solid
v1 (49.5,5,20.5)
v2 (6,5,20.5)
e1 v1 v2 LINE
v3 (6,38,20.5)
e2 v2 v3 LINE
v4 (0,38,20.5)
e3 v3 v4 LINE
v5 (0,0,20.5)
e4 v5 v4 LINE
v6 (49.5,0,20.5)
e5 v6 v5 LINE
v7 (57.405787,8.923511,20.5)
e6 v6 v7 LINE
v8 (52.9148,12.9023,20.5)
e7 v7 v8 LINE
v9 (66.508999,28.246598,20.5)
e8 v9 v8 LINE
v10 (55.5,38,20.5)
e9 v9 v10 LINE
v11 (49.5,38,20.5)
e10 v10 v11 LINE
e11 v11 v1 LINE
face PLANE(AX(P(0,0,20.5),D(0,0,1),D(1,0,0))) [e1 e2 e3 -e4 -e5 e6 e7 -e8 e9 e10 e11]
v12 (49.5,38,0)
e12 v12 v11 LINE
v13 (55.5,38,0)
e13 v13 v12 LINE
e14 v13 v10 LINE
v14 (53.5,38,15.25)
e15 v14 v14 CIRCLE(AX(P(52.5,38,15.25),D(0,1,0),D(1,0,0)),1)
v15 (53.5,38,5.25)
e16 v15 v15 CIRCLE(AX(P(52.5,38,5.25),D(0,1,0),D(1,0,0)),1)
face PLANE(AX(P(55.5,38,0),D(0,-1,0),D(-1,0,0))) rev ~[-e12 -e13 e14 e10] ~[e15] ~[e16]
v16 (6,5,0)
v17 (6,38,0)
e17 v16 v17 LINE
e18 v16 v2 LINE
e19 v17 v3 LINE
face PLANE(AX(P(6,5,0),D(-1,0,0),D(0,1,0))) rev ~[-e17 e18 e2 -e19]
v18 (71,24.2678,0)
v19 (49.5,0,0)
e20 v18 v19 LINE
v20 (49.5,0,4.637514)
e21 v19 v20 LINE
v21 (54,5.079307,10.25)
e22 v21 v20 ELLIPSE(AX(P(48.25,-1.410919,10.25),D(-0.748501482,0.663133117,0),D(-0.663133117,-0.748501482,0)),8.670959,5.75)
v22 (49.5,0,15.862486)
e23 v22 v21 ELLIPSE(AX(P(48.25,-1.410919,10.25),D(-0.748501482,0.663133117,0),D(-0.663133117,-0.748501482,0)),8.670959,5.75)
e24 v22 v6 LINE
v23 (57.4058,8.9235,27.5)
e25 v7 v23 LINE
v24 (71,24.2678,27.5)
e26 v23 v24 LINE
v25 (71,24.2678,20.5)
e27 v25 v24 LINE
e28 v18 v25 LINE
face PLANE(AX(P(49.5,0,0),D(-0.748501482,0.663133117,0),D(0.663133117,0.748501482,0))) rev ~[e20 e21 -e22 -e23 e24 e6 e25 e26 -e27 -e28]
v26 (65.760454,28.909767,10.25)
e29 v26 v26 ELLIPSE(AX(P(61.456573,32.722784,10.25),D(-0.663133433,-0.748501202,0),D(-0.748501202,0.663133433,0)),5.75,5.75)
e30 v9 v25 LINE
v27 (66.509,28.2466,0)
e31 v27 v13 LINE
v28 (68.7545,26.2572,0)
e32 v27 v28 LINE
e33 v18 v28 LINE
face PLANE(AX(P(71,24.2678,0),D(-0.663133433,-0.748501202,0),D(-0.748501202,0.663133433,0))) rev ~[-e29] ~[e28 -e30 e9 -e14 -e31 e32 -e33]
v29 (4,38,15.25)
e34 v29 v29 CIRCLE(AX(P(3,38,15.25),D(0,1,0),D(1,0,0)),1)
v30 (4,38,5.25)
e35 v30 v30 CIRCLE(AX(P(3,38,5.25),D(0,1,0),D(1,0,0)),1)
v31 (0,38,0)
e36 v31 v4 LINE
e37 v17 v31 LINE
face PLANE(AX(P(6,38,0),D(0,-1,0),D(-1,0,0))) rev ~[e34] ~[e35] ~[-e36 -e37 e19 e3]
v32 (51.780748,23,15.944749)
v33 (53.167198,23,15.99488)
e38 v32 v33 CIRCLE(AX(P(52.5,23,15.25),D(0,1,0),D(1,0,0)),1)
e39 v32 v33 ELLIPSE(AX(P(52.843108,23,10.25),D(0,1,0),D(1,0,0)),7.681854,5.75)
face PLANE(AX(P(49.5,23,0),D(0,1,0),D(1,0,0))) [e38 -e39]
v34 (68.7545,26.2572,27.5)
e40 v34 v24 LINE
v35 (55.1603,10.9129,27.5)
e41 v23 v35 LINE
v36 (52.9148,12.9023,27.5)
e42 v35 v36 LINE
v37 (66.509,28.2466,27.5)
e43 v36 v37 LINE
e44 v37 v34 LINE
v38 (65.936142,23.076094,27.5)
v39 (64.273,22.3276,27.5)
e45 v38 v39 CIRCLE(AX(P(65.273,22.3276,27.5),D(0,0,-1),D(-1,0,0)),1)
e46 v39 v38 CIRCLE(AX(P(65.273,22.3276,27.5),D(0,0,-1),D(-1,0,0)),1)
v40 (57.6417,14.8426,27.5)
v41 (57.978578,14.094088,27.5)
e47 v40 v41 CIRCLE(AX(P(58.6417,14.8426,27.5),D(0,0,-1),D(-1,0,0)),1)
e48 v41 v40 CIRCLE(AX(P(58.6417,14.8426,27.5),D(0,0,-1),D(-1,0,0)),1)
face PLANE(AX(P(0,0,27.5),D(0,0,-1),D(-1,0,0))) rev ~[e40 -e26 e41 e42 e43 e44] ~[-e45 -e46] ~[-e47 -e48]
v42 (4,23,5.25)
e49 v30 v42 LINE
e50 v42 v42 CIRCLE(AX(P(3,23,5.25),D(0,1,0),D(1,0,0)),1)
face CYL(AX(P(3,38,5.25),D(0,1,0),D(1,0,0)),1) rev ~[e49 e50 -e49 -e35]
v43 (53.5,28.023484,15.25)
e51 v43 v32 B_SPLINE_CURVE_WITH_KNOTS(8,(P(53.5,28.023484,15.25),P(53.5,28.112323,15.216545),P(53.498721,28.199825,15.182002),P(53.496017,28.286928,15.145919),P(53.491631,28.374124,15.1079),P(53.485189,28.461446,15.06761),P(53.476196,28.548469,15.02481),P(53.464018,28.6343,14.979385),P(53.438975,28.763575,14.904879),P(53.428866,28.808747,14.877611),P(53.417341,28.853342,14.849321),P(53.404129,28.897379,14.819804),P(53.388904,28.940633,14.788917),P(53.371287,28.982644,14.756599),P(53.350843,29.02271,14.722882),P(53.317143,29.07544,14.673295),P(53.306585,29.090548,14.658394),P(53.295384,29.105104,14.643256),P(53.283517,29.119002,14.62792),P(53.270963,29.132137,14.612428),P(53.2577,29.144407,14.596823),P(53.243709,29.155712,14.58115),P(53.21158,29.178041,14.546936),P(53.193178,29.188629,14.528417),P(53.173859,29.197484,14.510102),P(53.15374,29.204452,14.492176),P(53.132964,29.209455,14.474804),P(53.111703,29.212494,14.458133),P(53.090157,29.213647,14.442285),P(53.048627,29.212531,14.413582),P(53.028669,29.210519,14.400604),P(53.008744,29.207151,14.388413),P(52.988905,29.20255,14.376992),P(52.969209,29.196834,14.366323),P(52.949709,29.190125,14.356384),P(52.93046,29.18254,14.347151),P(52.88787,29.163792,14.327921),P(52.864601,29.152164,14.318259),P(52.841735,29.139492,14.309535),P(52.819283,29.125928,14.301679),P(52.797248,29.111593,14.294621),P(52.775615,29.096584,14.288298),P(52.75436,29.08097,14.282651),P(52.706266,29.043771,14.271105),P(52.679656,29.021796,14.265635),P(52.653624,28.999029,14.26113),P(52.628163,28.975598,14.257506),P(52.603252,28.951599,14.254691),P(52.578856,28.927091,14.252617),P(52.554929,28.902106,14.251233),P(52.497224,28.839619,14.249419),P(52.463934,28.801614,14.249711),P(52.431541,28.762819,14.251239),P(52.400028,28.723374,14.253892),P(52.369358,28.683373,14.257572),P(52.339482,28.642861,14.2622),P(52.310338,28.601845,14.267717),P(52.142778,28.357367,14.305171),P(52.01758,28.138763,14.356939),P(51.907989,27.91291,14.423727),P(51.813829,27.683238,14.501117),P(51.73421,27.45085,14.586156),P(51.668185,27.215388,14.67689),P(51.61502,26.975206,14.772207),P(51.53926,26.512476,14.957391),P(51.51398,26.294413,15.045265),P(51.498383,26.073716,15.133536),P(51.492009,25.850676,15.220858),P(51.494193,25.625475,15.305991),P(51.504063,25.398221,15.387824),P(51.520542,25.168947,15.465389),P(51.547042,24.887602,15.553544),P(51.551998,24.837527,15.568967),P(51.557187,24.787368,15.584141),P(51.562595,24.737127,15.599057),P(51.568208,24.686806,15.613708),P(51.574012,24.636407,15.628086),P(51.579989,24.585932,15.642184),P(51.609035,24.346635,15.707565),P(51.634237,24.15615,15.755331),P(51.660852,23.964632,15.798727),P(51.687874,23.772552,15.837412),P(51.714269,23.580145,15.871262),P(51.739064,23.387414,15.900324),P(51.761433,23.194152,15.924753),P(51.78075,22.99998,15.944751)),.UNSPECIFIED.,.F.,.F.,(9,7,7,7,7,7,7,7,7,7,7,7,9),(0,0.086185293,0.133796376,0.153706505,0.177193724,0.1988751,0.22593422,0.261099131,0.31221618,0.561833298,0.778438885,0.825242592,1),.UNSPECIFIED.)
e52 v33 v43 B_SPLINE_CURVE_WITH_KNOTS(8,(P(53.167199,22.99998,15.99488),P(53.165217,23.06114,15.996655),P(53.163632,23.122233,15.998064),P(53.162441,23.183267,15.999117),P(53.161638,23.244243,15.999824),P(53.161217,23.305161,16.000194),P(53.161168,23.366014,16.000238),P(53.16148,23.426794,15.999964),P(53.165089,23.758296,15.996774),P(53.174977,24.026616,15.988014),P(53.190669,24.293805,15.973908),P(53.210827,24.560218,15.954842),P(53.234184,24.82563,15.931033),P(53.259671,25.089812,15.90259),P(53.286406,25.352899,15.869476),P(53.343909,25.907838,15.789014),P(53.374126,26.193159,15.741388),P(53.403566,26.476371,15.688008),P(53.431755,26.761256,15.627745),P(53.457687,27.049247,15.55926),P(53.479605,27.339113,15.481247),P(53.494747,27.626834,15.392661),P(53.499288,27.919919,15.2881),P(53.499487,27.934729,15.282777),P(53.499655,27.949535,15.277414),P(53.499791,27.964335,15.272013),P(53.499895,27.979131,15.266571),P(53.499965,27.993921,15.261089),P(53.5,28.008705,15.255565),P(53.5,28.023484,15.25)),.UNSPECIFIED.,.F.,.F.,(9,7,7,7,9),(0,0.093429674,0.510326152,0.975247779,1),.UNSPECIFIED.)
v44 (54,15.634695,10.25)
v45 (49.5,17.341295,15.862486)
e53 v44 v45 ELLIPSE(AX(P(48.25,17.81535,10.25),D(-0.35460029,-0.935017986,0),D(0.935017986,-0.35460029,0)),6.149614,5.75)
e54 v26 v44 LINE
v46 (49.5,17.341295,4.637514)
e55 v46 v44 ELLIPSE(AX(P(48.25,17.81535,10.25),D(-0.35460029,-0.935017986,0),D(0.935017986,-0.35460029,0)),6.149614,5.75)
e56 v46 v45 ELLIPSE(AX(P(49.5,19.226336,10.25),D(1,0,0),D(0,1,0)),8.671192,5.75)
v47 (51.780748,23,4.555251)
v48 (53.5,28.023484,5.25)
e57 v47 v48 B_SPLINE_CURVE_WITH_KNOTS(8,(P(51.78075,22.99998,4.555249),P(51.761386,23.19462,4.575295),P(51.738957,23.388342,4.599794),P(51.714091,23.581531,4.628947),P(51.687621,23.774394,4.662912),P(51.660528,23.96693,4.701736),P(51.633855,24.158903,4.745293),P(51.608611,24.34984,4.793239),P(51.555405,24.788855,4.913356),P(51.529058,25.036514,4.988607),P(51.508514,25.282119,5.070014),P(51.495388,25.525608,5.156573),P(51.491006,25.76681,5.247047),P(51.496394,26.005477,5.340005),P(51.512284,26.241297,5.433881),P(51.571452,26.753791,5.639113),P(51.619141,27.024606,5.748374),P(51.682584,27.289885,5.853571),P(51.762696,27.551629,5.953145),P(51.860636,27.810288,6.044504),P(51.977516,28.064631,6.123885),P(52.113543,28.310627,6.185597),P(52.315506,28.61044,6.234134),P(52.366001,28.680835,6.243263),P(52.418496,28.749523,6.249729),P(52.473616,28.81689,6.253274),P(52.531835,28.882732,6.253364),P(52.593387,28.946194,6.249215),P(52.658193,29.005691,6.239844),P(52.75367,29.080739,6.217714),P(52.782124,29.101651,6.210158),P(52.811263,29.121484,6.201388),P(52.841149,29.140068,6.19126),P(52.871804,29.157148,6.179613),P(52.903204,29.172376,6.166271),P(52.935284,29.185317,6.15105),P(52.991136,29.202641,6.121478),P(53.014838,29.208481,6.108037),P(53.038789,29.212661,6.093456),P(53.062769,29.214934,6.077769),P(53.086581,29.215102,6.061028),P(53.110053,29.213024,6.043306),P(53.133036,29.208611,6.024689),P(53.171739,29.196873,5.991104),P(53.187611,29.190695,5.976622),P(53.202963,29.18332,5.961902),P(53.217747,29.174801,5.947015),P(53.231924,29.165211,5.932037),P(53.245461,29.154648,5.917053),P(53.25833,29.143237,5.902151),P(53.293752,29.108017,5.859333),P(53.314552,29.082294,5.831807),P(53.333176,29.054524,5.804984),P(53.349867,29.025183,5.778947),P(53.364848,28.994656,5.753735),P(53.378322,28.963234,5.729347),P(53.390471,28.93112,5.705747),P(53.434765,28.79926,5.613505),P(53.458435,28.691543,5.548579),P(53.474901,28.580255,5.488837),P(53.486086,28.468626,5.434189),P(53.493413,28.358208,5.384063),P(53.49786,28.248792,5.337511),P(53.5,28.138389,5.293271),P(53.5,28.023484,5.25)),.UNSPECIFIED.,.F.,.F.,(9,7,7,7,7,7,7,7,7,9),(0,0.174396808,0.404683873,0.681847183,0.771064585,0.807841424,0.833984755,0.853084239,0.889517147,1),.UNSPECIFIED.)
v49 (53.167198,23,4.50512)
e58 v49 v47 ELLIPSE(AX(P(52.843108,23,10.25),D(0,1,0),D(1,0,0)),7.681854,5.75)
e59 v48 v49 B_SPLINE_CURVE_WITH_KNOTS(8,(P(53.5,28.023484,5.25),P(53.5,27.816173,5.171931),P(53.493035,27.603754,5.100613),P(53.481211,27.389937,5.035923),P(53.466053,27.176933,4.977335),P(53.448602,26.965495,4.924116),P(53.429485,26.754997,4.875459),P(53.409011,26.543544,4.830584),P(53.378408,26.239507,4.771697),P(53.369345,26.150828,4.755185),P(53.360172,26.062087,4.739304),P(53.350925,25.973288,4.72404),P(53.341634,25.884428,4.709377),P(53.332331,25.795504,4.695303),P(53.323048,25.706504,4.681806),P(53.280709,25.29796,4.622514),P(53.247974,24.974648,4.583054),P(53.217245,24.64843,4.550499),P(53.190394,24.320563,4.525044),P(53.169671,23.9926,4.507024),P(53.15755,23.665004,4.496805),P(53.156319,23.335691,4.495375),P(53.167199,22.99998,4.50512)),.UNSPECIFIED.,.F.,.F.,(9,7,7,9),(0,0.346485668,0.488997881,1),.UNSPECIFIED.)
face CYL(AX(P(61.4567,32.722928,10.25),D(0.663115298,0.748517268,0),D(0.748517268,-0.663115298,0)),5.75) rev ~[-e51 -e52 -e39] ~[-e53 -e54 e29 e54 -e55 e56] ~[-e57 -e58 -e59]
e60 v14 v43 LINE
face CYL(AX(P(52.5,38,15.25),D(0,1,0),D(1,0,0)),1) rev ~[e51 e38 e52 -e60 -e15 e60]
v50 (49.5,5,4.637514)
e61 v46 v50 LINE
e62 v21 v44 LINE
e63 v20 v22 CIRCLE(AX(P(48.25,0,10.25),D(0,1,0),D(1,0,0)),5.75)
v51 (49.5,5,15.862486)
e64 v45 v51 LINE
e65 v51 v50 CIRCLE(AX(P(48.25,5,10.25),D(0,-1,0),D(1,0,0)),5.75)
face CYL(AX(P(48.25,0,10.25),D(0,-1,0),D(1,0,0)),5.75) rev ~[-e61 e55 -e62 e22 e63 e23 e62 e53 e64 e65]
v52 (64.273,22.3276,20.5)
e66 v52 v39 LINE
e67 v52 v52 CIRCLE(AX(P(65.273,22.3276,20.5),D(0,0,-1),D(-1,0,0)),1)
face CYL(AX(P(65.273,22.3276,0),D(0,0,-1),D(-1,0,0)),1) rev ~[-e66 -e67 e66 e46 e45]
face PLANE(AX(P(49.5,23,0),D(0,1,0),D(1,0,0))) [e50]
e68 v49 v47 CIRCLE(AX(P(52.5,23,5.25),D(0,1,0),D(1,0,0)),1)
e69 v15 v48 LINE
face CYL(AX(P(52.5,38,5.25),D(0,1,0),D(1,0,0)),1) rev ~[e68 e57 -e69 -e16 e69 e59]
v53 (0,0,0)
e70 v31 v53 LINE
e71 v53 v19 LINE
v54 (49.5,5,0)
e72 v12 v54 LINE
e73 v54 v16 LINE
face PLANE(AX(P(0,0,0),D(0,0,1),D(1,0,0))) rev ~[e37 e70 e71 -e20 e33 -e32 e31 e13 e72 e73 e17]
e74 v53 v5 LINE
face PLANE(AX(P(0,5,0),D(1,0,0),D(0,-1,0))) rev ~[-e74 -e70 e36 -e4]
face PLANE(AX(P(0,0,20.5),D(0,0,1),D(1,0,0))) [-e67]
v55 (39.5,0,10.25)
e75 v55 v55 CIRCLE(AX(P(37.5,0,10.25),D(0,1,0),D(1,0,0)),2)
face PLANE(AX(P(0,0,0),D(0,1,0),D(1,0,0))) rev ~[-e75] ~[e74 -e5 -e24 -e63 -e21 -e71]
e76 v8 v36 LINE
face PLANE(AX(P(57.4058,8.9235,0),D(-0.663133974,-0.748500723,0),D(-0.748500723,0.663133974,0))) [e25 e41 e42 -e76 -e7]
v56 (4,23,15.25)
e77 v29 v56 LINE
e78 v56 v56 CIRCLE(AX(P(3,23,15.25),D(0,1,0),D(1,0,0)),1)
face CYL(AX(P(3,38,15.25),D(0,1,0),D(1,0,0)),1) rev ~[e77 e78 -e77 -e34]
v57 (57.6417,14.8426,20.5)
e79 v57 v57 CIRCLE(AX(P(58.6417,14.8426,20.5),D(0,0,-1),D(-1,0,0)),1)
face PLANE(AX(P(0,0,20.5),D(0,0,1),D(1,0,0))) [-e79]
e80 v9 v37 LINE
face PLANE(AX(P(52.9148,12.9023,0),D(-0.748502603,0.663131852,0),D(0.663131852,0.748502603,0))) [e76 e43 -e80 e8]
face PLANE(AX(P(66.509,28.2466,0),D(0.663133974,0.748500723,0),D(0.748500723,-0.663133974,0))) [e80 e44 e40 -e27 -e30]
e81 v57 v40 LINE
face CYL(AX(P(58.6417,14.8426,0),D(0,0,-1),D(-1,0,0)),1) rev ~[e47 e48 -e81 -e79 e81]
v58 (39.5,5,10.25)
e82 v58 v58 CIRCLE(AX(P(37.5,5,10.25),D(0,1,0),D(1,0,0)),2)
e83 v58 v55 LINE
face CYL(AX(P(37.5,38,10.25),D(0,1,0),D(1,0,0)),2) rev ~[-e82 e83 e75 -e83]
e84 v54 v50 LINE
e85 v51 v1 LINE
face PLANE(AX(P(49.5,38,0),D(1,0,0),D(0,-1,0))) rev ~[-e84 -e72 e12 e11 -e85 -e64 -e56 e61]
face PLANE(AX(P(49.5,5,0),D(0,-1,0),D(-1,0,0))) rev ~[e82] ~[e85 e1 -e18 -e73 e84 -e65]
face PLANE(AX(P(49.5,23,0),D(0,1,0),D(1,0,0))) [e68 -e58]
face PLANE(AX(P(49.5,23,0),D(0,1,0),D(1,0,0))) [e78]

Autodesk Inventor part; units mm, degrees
ref_plane "YZ Plane" through (0, 0, 0) normal (1, 0, 0) x (0, 1, 0)
ref_plane "XZ Plane" through (0, 0, 0) normal (0, 1, 0) x (-1, 0, 0)
ref_plane "XY Plane" through (0, 0, 0) normal (0, 0, 1) x (1, 0, 0)
sketch "Эскиз1" plane through (0, 0, 0) normal (0, 0, 1) x (1, 0, 0)
  line L0 (0, 0) -> (6, 0)
  line L1 (6, 0) -> (6, 38)
  line L2 (6, 38) -> (0, 38)
  line L3 (0, 38) -> (0, 0)
  line L4 (0, 0) -> (49.5, 0)
  line L5 (49.5, 0) -> (49.5, 5)
  line L6 (49.5, 5) -> (0, 5)
  line L7 (0, 5) -> (0, 0)
  line L8 (49.5, 0) -> (55.5, 0) construction
  line L9 (55.5, 0) -> (55.5, 38) construction
  line L10 (55.5, 38) -> (49.5, 38)
  line L11 (49.5, 38) -> (49.5, 0)
  line L12 (49.5, 0) -> (71, 24.2678)
  line L13 (71, 24.2678) -> (55.5, 38)
  dimension "d0" = 5
  dimension "d1" = 6
  dimension "d2" = 43.5
  dimension "d3" = 6
  dimension "d4" = 38
  dimension "d5" = 38
  dimension "d6" = 71
  dimension "d7" = 90
extrude "Выдавливание1" add sketch "Эскиз1" along normal blind 20.5
sketch "Эскиз2" plane through (0, 0, 0) normal (0, 0, -1) x (-1, 0, 0)
  line L0 (-49.5, 0) -> (-71, 24.2678) projected
  line L1 (-71, 24.2678) -> (-57.4058, 8.9235)
  line L2 (-57.4058, 8.9235) -> (-52.9148, 12.9023)
  line L3 (-52.9148, 12.9023) -> (-66.509, 28.2466)
  line L4 (-66.509, 28.2466) -> (-71, 24.2678)
  line L5 (-71, 24.2678) -> (-55.5, 38) projected
  line L6 (-58.6417, 14.8426) -> (-55.1603, 10.9129)
  line L7 (-65.273, 22.3276) -> (-68.7545, 26.2572)
  circle A0 centre (-65.273, 22.3276) radius 1
  circle A1 centre (-58.6417, 14.8426) radius 1
  point P0 (0, 0)
  dimension "d10" = 6
  dimension "d11" = 20.5
  dimension "d13" = 2
  dimension "d14" = 2
  dimension "d15" = 8
extrude "Выдавливание2" add sketch "Эскиз2" against normal blind 27.5
sketch "Эскиз3" plane through (49.5, 38, 0) normal (0, 1, 0) x (1, 0, 0)
  circle A0 centre (3, -5.25) radius 1
  circle A1 centre (3, -15.25) radius 1
  circle A2 centre (-46.5, -5.25) radius 1
  circle A3 centre (-46.5, -15.25) radius 1
  line L0 (6, -20.5) -> (0, -20.5) projected
  line L1 (3, -5.25) -> (3, -15.25) construction
  line L2 (6, 0) -> (6, -20.5) projected
  line L3 (-43.5, 0) -> (-49.5, 0) projected
  line L4 (0, 0) -> (0, -20.5) projected
  circle A4 centre (-12, -10.25) radius 2
  point P0 (3, -20.5)
  point P1 (3, -10.25)
  point P2 (6, -10.25)
  point P3 (-46.5, 0)
  point P4 (6, -10.25)
  dimension "d18" = 2
  dimension "d19" = 10
  dimension "d20" = 4
  dimension "d21" = 18
extrude "Выдавливание3" cut sketch "Эскиз3" against normal up to next contours A4
extrude "Выдавливание4" cut sketch "Эскиз3" against normal blind 15 contours A0 | A1 | A2 | A3
sketch "Эскиз4" plane through (55.5, 38, 20.5) normal (0.6631, 0.7485, 0) x (0.7485, -0.6631, 0)
  circle A0 centre (7.958, 10.25) radius 5.75
  line L0 (0, 20.5) -> (0, 0) projected
  line L1 (20.708, 20.5) -> (20.708, -7) projected
  point P0 (-16.3428, 20.5)
  point P1 (0, 10.25)
  point P2 (20.708, 0)
  dimension "d26" = 7
  dimension "d27" = 11.5
extrude "Выдавливание5" cut sketch "Эскиз4" against normal up to next
sketch "Эскиз5" plane through (0, 0, 0) normal (0, -1, 0) x (1, 0, 0)
  circle A0 centre (48.25, 10.25) radius 5.75
  line L0 (49.5, 0) -> (49.5, 20.5) projected
  circle A1 centre (37.5, 10.25) radius 2 projected
  point P0 (0, 0)
  point P1 (49.5, 10.25)
  dimension "d30" = 11.5
  dimension "d31" = 3
extrude "Выдавливание6" cut sketch "Эскиз5" against normal up to next contours A0 L0 | L0 A0
properties part number "kreplenie4"
